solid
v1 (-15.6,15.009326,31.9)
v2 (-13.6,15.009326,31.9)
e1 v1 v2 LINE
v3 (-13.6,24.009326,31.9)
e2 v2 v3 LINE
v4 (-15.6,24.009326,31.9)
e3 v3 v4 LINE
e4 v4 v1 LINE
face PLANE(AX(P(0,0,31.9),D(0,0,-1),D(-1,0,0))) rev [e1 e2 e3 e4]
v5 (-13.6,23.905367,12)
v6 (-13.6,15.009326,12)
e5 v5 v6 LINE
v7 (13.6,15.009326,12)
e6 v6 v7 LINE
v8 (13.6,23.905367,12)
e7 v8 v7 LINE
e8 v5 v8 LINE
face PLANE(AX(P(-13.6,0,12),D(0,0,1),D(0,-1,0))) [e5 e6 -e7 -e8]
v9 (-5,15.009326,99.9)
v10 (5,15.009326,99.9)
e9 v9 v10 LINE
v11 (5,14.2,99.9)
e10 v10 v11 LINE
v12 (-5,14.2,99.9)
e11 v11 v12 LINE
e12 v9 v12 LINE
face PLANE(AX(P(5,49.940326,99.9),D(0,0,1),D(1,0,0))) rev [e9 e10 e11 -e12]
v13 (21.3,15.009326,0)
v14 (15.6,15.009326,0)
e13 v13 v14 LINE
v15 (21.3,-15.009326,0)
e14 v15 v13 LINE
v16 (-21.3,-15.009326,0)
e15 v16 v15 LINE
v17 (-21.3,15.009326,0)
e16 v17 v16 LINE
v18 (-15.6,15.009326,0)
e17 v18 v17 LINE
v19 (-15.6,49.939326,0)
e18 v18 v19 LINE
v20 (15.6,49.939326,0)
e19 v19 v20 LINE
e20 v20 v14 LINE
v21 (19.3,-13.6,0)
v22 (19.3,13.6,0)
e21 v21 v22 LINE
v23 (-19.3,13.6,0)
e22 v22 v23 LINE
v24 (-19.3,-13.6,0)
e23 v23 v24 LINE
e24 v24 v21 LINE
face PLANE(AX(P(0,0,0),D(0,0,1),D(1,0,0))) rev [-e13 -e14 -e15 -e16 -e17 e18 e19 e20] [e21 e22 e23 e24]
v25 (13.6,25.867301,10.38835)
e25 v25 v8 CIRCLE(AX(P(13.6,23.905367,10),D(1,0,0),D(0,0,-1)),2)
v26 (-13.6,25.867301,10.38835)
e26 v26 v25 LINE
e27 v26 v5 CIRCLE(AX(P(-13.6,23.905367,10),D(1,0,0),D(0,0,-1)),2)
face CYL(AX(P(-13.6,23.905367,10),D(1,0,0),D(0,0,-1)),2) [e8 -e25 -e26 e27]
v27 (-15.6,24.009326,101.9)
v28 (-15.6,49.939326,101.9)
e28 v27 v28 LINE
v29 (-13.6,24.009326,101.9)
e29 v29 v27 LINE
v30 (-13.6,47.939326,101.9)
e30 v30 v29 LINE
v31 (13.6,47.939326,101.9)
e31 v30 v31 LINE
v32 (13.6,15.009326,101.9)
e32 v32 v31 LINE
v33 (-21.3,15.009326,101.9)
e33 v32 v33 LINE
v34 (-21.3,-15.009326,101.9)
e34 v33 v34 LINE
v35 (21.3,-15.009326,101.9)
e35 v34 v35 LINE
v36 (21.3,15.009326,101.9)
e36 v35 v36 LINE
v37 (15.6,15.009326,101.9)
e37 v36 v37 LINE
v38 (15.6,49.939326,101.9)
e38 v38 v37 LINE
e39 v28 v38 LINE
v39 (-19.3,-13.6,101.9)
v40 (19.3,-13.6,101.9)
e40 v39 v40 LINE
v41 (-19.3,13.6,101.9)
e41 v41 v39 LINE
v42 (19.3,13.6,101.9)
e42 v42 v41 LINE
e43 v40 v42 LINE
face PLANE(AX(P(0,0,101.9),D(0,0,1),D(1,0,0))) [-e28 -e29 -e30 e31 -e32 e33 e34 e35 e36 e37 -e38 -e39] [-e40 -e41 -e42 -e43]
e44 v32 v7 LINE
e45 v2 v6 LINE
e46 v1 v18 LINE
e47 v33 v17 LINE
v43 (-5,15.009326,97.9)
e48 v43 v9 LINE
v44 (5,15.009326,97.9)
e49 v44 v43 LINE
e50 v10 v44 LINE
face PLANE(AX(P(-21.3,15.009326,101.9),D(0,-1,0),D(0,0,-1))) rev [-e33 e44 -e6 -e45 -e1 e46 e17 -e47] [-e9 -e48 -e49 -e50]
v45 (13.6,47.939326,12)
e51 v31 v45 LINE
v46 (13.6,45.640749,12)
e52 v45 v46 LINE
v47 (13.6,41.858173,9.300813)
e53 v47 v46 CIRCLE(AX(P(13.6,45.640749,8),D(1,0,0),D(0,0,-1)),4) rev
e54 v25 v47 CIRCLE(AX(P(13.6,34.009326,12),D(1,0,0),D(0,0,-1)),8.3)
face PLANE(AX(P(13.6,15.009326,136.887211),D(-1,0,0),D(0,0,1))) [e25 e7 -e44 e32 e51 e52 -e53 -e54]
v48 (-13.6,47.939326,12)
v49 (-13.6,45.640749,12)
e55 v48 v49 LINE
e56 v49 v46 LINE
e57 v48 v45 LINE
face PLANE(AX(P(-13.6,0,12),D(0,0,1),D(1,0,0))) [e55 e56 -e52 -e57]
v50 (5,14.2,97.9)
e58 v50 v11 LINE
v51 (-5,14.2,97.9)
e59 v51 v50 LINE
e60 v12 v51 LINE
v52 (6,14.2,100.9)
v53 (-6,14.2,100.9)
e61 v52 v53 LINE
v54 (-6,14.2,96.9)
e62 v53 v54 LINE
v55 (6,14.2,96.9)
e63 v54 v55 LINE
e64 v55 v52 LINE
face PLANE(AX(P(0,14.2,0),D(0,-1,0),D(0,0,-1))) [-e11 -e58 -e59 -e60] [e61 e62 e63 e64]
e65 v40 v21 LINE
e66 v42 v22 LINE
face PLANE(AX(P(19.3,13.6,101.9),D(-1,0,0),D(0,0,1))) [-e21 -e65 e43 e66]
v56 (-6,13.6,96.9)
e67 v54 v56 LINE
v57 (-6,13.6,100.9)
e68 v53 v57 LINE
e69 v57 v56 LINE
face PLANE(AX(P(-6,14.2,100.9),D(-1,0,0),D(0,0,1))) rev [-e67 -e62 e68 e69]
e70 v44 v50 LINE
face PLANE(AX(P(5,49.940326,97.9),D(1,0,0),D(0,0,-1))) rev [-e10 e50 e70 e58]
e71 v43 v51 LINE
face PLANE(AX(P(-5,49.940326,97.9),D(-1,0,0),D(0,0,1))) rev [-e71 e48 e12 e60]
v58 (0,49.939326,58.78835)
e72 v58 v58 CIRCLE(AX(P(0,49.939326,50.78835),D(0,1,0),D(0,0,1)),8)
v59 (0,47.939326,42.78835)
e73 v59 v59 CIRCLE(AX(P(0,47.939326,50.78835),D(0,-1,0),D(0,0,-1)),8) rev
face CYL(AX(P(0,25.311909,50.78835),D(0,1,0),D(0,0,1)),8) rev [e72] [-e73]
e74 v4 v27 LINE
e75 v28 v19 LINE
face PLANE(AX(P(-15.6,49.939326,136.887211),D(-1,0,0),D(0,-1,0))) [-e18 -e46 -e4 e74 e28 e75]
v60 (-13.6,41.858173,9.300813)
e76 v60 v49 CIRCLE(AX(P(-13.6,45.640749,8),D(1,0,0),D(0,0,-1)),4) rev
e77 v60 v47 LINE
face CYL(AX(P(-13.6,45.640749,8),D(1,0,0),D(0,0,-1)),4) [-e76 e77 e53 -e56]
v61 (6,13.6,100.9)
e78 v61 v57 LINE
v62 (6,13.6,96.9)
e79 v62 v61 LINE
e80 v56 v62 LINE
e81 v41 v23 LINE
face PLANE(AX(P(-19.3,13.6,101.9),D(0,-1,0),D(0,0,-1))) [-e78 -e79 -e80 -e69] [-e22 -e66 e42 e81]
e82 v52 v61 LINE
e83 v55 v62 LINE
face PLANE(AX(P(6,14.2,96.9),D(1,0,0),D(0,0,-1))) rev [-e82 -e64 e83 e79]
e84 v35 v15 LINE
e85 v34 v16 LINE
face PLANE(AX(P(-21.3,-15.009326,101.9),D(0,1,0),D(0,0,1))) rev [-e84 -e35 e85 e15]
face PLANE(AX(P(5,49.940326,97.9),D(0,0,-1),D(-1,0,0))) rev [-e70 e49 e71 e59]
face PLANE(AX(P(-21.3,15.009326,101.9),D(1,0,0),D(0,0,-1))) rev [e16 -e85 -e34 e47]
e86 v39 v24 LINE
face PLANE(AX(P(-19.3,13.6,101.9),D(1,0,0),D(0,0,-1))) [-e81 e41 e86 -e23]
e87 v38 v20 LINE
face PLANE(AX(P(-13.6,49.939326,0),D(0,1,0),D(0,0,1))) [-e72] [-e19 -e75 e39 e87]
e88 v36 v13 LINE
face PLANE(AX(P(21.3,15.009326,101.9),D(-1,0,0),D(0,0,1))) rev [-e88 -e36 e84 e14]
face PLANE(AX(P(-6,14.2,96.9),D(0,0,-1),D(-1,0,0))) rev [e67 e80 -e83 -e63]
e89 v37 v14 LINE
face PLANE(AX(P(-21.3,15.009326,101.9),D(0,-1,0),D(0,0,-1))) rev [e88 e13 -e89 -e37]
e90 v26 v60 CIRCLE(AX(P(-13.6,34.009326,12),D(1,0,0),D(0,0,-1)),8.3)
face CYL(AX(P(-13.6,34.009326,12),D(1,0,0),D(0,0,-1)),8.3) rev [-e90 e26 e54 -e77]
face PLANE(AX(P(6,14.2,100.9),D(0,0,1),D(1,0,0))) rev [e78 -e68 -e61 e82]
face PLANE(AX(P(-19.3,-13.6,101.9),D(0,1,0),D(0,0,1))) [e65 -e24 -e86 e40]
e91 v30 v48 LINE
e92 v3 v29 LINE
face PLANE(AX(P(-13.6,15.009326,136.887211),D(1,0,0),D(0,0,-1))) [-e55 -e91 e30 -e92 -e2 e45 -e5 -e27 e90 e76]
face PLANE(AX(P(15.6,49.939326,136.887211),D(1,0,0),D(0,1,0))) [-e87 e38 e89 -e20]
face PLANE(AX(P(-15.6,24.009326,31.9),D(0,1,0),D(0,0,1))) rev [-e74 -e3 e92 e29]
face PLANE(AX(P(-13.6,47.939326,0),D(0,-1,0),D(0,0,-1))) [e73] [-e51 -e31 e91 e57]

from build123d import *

# Parameters (mm, degrees)
SKETCH1_W                = 42.6
SKETCH1_H                = 30.01865285
SKETCH1_W_2              = 38.6
SKETCH1_H_2              = 27.2
BOSS_EXTRUDE1_DEPTH      = 101.9
BOSS_EXTRUDE2_DEPTH      = 13.6
BOSS_EXTRUDE2_DEPTH_BACK = 13.6
SKETCH4_W                = 2
SKETCH4_H                = 34.93
BOSS_EXTRUDE3_DEPTH      = 101.9
SKETCH5_R                = 8
CUT_EXTRUDE1_DEPTH       = 2
CUT_EXTRUDE2_REACH       = 38.339
SKETCH6_W                = 10
SKETCH6_H                = 2
SKETCH7_W                = 12
SKETCH7_H                = 4
SKETCH7_W_2              = 10
SKETCH7_H_2              = 2
CUT_EXTRUDE3_DEPTH       = 0.6
SKETCH8_W                = 2
SKETCH8_H                = 9
CUT_EXTRUDE4_DEPTH       = 70


with BuildPart() as part:
    # Sketch1 → Boss-Extrude1 (new body)
    with BuildSketch(Plane.XY):
        Rectangle(SKETCH1_W, SKETCH1_H)
        Rectangle(SKETCH1_W_2, SKETCH1_H_2, mode=Mode.SUBTRACT)
    extrude(amount=BOSS_EXTRUDE1_DEPTH)

    # Sketch3 → Boss-Extrude2 (add, two sides)
    with BuildSketch(Plane(origin=(0, 0, 0), x_dir=(0, 0, -1), z_dir=(1, 0, 0))) as boss_extrude2_sk:
        with BuildLine():
            Line((-12, 15.009326425), (0, 15.009326425))
            Line((0, 15.009326425), (0, 49.939326425))
            Line((0, 49.939326425), (-101.9, 49.939326425))
            Line((-101.9, 49.939326425), (-101.9, 47.939326425))
            Line((-101.9, 47.939326425), (-12, 47.939326425))
            Line((-12, 47.939326425), (-12, 45.640749382))
            ThreePointArc((-12, 45.640749382), (-11.256013823, 43.317309263), (-9.300813008, 41.85817281))
            ThreePointArc((-9.300813008, 41.85817281), (-3.719128817, 33.446145776), (-10.388349515, 25.867300712))
            ThreePointArc((-10.388349515, 25.867300712), (-11.545428586, 25.174874775), (-12, 23.905366805))
            Line((-12, 23.905366805), (-12, 15.009326425))
        make_face()
    extrude(amount=BOSS_EXTRUDE2_DEPTH)
    extrude(boss_extrude2_sk.sketch, amount=-BOSS_EXTRUDE2_DEPTH_BACK)

    # Sketch4 → Boss-Extrude3 (add)
    with BuildSketch(Plane(origin=(0, 0, 0), x_dir=(-1, 0, 0), z_dir=(0, 0, -1))):
        with Locations((14.6, 32.474326425)):
            Rectangle(SKETCH4_W, SKETCH4_H)
        with Locations((-14.6, 32.474326425)):
            Rectangle(SKETCH4_W, SKETCH4_H)
    extrude(amount=-BOSS_EXTRUDE3_DEPTH)

    # Sketch5 → Cut-Extrude1 (cut)
    with BuildSketch(Plane(origin=(0, 49.939326425, 0), x_dir=(1, 0, 0), z_dir=(0, 1, 0))):
        with Locations((0, -50.788349515)):
            Circle(SKETCH5_R)
    extrude(amount=-CUT_EXTRUDE1_DEPTH, mode=Mode.SUBTRACT)

    # Sketch6 → Cut-Extrude2 (cut, up to next)
    with BuildSketch(Plane.XZ.offset(-13.6), mode=Mode.PRIVATE) as cut_extrude2_sk1:
        with Locations((0, 98.9)):
            Rectangle(SKETCH6_W, SKETCH6_H)
    cut_extrude2_tool1 = extrude(cut_extrude2_sk1.sketch, amount=-CUT_EXTRUDE2_REACH, mode=Mode.PRIVATE) & part.part
    add(cut_extrude2_tool1.solids().sort_by_distance((0, 13.6, 98.9))[0], mode=Mode.SUBTRACT)

    # Sketch7 → Cut-Extrude3 (cut)
    with BuildSketch(Plane.XZ.offset(-13.6)):
        with Locations((0, 98.9)):
            Rectangle(SKETCH7_W, SKETCH7_H)
        with Locations((0, 98.9)):
            Rectangle(SKETCH7_W_2, SKETCH7_H_2, mode=Mode.SUBTRACT)
    extrude(amount=-CUT_EXTRUDE3_DEPTH, mode=Mode.SUBTRACT)

    # Sketch8 → Cut-Extrude4 (cut)
    with BuildSketch(Plane.XY.offset(101.9)):
        with Locations((-14.6, 19.509326425)):
            Rectangle(SKETCH8_W, SKETCH8_H)
    extrude(amount=-CUT_EXTRUDE4_DEPTH, mode=Mode.SUBTRACT)


solid = part.part
